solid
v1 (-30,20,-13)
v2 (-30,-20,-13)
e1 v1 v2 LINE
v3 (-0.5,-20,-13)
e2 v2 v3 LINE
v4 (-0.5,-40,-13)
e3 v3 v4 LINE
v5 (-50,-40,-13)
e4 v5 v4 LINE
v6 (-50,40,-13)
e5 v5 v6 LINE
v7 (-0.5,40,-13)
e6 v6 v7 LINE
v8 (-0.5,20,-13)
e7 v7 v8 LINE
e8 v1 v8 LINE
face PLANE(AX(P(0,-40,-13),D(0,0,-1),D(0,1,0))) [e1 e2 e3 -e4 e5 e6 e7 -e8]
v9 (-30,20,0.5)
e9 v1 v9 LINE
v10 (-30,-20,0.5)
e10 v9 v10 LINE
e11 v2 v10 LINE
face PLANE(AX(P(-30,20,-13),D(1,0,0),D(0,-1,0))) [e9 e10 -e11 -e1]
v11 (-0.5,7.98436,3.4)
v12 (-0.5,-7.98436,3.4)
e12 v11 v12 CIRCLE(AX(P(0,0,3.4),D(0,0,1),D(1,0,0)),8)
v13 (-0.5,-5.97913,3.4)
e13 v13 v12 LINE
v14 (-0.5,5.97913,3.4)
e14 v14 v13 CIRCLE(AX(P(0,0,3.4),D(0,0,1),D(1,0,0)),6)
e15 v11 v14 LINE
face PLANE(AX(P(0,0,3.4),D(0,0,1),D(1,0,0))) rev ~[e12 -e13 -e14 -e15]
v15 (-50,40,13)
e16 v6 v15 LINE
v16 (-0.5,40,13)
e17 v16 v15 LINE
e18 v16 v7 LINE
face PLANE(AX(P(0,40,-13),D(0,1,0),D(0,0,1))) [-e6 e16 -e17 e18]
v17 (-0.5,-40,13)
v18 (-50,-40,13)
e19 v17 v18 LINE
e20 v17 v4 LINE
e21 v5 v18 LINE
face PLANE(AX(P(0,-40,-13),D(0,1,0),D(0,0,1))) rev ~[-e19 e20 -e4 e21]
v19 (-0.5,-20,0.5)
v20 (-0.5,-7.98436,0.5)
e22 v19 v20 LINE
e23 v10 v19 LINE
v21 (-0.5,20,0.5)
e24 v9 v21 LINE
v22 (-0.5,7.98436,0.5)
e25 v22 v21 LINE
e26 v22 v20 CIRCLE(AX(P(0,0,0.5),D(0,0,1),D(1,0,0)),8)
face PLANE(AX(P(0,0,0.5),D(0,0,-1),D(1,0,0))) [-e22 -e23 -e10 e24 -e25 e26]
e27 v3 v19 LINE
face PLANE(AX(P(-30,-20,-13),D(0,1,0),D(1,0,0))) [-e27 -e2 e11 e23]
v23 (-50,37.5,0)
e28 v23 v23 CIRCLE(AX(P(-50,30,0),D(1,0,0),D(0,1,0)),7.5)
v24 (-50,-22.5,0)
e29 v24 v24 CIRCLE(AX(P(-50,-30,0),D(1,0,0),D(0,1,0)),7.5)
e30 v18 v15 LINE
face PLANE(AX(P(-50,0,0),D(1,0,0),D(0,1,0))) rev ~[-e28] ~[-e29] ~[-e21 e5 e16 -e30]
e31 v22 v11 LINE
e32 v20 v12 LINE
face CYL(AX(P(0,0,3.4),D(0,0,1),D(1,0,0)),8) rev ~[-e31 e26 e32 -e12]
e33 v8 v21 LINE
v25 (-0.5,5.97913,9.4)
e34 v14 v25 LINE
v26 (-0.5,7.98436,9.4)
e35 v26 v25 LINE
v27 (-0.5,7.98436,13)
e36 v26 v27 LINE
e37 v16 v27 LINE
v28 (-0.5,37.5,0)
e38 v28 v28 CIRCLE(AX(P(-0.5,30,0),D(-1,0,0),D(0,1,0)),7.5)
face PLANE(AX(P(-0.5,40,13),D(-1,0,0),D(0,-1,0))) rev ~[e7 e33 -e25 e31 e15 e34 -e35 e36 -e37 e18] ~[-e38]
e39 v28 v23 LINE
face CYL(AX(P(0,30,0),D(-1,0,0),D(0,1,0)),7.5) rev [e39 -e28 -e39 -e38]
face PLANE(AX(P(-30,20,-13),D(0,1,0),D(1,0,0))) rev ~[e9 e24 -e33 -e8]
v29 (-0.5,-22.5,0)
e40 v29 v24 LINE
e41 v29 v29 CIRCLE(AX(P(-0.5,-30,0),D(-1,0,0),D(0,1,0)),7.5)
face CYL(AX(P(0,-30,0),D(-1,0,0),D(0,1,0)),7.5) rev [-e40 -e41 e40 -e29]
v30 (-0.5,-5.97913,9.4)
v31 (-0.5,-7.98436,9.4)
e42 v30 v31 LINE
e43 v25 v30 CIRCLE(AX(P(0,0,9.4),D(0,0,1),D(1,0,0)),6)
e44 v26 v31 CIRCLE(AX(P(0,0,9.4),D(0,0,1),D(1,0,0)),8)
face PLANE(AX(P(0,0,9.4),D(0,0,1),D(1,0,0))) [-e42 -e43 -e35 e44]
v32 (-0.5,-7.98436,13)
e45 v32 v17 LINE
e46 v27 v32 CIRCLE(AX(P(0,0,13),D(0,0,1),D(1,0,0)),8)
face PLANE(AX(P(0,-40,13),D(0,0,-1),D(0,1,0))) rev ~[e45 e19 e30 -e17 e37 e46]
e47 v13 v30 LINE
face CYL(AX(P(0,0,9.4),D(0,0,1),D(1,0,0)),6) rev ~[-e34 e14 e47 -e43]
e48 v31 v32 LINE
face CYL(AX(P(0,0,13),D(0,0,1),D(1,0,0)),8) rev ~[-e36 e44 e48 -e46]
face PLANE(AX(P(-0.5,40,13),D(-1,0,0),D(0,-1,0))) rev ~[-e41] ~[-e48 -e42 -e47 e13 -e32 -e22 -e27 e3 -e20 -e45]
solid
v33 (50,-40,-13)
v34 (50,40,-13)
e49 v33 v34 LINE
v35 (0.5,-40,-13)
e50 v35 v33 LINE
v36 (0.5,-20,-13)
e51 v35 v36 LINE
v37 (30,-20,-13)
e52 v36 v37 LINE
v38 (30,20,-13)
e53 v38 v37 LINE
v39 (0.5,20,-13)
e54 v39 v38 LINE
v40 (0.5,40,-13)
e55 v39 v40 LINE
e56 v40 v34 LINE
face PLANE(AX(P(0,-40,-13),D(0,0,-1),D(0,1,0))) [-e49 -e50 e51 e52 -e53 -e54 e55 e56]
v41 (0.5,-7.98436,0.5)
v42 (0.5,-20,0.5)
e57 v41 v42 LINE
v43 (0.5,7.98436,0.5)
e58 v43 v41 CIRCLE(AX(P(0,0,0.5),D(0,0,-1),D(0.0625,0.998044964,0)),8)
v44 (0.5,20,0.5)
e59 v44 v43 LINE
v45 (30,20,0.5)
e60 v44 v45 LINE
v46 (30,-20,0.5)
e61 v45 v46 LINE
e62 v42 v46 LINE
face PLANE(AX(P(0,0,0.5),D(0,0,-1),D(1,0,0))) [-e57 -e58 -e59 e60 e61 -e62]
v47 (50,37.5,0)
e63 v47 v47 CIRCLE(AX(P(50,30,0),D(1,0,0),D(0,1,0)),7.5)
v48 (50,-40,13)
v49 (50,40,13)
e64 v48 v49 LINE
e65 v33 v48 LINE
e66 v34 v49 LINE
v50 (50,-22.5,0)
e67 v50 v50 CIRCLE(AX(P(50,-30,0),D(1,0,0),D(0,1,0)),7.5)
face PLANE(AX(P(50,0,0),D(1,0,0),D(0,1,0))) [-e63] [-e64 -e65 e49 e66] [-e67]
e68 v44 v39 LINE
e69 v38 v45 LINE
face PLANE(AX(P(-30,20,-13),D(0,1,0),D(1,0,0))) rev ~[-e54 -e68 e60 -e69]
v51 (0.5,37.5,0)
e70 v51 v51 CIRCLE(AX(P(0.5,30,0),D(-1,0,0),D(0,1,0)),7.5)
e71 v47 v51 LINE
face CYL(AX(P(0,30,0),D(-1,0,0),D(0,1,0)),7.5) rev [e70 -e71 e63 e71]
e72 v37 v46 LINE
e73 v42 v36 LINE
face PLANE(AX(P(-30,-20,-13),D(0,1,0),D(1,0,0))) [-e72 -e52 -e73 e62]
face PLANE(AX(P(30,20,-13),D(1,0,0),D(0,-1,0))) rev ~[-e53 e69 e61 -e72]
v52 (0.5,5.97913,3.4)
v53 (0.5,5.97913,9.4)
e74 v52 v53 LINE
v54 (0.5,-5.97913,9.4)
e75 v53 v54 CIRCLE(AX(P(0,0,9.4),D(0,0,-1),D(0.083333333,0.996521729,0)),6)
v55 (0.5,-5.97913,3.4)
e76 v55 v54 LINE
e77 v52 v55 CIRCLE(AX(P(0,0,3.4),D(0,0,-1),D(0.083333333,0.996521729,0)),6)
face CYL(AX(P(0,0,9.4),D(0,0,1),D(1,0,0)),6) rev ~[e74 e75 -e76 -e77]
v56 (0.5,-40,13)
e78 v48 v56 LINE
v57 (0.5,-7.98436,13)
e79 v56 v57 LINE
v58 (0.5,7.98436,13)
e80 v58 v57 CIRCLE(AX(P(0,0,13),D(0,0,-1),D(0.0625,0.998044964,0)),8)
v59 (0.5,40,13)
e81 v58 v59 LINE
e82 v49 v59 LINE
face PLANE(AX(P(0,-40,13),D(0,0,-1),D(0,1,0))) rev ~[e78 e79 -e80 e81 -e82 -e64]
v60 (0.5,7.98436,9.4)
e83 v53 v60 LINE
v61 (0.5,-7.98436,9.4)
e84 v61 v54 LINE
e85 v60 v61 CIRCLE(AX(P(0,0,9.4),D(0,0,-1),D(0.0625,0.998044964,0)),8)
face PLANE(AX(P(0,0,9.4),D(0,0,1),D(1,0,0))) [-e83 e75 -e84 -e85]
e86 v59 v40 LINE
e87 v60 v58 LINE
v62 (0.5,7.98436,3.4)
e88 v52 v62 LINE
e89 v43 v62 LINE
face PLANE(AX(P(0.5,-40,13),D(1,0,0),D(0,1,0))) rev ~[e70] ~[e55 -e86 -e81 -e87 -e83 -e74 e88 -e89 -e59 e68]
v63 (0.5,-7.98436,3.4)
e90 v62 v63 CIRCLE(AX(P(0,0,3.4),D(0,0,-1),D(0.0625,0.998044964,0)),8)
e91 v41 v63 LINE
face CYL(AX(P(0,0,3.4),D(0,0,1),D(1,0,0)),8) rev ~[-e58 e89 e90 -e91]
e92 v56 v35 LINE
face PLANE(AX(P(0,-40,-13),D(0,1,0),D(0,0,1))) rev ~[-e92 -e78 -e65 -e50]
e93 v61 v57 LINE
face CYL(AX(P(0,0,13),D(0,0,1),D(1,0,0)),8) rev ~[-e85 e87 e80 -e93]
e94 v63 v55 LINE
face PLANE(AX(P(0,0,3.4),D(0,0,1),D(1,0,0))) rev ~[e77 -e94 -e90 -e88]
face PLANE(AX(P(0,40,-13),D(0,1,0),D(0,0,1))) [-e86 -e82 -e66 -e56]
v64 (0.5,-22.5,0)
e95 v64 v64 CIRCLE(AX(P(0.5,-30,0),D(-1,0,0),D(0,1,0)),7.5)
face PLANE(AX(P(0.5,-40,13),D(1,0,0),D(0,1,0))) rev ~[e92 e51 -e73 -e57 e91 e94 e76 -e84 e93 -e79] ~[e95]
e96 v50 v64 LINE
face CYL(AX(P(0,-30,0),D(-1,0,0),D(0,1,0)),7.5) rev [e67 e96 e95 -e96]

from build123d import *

# Parameters (mm, degrees)
F0_W      = 80
F0_H      = 26
F0_R      = 7.5
F1_DEPTH  = 50
F2_R      = 8
F3_DEPTH  = 3.6
F4_R      = 6
F5_DEPTH  = 6
F6_R      = 8
F7_DEPTH  = 2.9
F8_W      = 60
F8_H      = 40
F9_DEPTH  = 13.5
F11_DEPTH = 26


with BuildPart() as f1:
    # F0 (on Right) → F1 (new body, symmetric)
    with BuildSketch(Plane.YZ):
        Rectangle(F0_W, F0_H)
        with Locations((-30, 0)):
            Circle(F0_R, mode=Mode.SUBTRACT)
        with Locations((30, 0)):
            Circle(F0_R, mode=Mode.SUBTRACT)
    extrude(amount=F1_DEPTH, both=True)

    # F2 (on face) → F3 (cut)
    with BuildSketch(Plane.XY.offset(13)):
        Circle(F2_R)
    extrude(amount=-F3_DEPTH, mode=Mode.SUBTRACT)

    # F4 (on face) → F5 (cut)
    with BuildSketch(Plane.XY.offset(9.4)):
        Circle(F4_R)
    extrude(amount=-F5_DEPTH, mode=Mode.SUBTRACT)

    # F6 (on face) → F7 (cut)
    with BuildSketch(Plane.XY.offset(3.4)):
        Circle(F6_R)
    extrude(amount=-F7_DEPTH, mode=Mode.SUBTRACT)

    # F8 (on face) → F9 (cut, through all)
    with BuildSketch(Plane(origin=(0, 0, -13), x_dir=(1, 0, 0), z_dir=(0, 0, -1))):
        Rectangle(F8_W, F8_H)
    extrude(amount=-F9_DEPTH, mode=Mode.SUBTRACT)

    # F10 (on face) → F11 (cut, through all)
    with BuildSketch(Plane.XY.offset(13)):
        with BuildLine():
            Line((-0.5, -40), (0.5, -40))
            Line((0.5, -40), (0.5, -7.9843597113))
            ThreePointArc((0.5, -7.9843597113), (0, -8), (-0.5, -7.9843597113))
            Line((-0.5, -7.9843597113), (-0.5, -40))
        make_face()
        with BuildLine():
            ThreePointArc((-0.5, -7.9843597113), (0, -8), (0.5, -7.9843597113))
            Line((0.5, -7.9843597113), (0.5, 7.9843597113))
            ThreePointArc((0.5, 7.9843597113), (0, 8), (-0.5, 7.9843597113))
            Line((-0.5, 7.9843597113), (-0.5, -7.9843597113))
        make_face()
        with BuildLine():
            ThreePointArc((-0.5, 7.9843597113), (0, 8), (0.5, 7.9843597113))
            Line((0.5, 7.9843597113), (0.5, 40))
            Line((0.5, 40), (-0.5, 40))
            Line((-0.5, 40), (-0.5, 7.9843597113))
        make_face()
    extrude(amount=-F11_DEPTH, mode=Mode.SUBTRACT)


solid = f1.part
